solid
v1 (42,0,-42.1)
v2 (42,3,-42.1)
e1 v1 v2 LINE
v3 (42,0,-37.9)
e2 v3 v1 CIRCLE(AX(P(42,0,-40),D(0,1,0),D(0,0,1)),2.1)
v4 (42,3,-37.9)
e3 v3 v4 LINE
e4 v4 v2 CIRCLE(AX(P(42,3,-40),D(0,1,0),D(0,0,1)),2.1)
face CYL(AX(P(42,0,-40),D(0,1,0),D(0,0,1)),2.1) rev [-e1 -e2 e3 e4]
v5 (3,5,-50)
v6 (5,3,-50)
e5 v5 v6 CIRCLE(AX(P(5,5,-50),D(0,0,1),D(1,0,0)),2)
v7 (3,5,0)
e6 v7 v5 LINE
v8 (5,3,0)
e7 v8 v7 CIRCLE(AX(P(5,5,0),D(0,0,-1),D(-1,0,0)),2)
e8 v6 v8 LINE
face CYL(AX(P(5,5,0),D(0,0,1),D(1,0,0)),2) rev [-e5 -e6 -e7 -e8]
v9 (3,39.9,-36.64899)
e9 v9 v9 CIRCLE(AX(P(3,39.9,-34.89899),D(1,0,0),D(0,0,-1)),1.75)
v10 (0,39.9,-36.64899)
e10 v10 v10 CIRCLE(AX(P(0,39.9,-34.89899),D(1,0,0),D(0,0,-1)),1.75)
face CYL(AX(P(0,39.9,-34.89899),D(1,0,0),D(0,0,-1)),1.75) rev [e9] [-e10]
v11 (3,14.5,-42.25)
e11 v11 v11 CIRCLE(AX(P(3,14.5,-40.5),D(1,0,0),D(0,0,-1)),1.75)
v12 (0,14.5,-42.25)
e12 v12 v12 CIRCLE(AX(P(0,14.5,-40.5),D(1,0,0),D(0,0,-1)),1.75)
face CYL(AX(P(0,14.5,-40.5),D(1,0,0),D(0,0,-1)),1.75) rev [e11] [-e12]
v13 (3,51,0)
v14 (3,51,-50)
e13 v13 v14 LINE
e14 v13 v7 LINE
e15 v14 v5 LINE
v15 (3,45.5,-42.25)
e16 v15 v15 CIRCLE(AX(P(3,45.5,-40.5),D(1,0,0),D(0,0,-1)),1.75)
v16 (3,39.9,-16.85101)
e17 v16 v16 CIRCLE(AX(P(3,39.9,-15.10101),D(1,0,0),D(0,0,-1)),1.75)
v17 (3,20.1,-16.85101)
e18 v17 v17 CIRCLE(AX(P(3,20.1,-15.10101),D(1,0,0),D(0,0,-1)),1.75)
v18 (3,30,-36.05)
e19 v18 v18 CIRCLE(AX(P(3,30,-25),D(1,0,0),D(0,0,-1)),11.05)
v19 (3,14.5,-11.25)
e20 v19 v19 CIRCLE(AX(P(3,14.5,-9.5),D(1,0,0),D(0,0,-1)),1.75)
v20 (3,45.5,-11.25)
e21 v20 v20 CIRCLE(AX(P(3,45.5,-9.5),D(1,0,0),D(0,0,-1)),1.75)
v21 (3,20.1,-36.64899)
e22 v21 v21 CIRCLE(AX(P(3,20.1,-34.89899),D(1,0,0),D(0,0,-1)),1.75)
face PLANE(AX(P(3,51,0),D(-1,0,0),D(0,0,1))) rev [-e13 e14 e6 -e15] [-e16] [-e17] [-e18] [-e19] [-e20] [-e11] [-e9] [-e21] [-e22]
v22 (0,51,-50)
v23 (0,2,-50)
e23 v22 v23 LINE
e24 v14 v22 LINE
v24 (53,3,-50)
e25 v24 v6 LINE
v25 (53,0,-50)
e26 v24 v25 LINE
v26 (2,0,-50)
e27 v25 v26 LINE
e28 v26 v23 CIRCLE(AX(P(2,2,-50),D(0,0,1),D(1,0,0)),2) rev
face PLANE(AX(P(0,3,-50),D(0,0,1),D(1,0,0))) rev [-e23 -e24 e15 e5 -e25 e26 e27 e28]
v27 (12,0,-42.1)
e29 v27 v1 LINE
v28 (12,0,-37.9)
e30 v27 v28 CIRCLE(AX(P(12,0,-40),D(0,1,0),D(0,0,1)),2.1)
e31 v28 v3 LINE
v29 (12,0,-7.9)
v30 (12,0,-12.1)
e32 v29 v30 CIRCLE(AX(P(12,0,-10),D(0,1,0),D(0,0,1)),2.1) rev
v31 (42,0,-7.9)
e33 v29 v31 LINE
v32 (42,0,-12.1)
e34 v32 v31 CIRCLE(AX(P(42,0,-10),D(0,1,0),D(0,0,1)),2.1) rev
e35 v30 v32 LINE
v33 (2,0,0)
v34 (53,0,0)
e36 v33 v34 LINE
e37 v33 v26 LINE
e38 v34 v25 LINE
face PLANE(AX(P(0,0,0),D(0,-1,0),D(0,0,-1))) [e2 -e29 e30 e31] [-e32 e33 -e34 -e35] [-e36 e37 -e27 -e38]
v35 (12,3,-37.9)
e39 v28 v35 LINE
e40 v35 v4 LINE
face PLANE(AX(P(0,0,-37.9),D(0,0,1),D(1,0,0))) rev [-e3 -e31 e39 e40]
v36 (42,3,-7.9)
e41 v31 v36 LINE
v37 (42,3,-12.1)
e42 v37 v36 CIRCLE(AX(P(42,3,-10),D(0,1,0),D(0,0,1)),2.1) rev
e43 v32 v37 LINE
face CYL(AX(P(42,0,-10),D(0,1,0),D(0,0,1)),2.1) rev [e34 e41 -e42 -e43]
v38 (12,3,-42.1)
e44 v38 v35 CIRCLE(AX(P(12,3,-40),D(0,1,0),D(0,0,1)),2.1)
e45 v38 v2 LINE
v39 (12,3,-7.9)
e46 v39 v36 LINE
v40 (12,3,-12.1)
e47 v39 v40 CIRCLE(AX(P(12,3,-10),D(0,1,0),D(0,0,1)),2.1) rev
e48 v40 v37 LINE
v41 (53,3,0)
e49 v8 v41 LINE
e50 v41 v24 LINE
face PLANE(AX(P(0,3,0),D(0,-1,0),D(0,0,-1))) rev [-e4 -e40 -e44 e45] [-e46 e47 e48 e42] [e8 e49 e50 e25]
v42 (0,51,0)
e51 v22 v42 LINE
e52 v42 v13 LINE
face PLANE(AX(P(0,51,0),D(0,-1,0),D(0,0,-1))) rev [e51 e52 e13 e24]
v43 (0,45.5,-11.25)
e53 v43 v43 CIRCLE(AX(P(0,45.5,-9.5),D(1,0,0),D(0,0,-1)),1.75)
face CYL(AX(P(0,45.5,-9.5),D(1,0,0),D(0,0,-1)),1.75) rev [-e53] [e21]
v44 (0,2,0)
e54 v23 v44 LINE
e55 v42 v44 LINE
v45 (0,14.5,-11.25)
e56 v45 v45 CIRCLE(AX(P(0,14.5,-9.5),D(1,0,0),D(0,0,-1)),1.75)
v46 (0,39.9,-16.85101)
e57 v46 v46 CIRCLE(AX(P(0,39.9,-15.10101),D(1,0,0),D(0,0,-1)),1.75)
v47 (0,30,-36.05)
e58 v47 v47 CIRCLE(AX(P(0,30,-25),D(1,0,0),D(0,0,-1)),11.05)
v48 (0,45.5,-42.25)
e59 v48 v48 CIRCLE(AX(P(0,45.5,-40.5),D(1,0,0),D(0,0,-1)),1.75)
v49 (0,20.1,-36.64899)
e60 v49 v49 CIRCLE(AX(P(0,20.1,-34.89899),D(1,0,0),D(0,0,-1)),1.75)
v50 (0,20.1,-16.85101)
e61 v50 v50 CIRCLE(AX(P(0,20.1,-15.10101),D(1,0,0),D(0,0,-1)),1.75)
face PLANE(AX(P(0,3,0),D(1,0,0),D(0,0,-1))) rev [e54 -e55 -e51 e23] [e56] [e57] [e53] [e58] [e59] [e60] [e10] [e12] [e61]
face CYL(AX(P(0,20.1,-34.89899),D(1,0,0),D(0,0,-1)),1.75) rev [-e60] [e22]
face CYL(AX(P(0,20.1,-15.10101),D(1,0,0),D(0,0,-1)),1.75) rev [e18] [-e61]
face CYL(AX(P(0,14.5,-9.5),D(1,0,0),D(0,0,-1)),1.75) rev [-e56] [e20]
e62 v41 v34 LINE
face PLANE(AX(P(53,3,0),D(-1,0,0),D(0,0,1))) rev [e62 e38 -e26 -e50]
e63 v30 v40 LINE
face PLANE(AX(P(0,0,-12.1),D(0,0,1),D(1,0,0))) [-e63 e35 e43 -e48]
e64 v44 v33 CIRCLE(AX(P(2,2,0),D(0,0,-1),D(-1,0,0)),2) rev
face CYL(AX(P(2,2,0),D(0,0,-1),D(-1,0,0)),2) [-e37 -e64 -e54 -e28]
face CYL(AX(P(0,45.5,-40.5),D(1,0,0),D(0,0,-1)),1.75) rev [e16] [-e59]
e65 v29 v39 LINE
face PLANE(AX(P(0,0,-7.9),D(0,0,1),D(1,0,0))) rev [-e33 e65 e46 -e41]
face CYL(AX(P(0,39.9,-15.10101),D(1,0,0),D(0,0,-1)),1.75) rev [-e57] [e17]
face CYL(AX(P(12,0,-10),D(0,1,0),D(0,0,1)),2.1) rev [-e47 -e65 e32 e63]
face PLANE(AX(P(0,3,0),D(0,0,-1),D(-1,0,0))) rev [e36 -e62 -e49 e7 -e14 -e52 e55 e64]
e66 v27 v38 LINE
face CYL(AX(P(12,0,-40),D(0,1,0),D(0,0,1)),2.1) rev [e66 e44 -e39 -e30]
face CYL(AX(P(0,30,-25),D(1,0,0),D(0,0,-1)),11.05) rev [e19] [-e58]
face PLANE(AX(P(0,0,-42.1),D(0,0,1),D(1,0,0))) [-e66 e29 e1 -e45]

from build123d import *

# Parameters (mm, degrees)
SKETCH1_W           = 53
SKETCH1_H           = 50
BOSS_EXTRUDE1_DEPTH = 3
SKETCH2_W           = 3
SKETCH2_H           = 50
BOSS_EXTRUDE2_DEPTH = 48
CUT_EXTRUDE1_DEPTH  = 4
FILLET1_R           = 2
SKETCH4_R           = 1.75
SKETCH4_R_2         = 11.05
CUT_EXTRUDE2_DEPTH  = 4


with BuildPart() as part:
    # Sketch1 → Boss-Extrude1 (new body)
    with BuildSketch(Plane(origin=(0, 0, 0), x_dir=(1, 0, 0), z_dir=(0, 1, 0))):
        with Locations((26.5, 25)):
            Rectangle(SKETCH1_W, SKETCH1_H)
    extrude(amount=BOSS_EXTRUDE1_DEPTH)

    # Sketch2 → Boss-Extrude2 (add)
    with BuildSketch(Plane(origin=(0, 3, 0), x_dir=(1, 0, 0), z_dir=(0, 1, 0))):
        with Locations((1.5, 25)):
            Rectangle(SKETCH2_W, SKETCH2_H)
    extrude(amount=BOSS_EXTRUDE2_DEPTH)

    # Sketch3 → Cut-Extrude1 (cut, through all)
    with BuildSketch(Plane(origin=(0, 3, 0), x_dir=(1, 0, 0), z_dir=(0, 1, 0))):
        with BuildLine():
            Line((12, 37.9), (42, 37.9))
            ThreePointArc((42, 37.9), (44.1, 40), (42, 42.1))
            Line((42, 42.1), (12, 42.1))
            ThreePointArc((12, 42.1), (9.9, 40), (12, 37.9))
        make_face()
        with BuildLine():
            ThreePointArc((42, 12.1), (44.1, 10), (42, 7.9))
            Line((42, 7.9), (12, 7.9))
            ThreePointArc((12, 7.9), (9.9, 10), (12, 12.1))
            Line((12, 12.1), (42, 12.1))
        make_face()
    extrude(amount=-CUT_EXTRUDE1_DEPTH, mode=Mode.SUBTRACT)

    # Fillet1
    fillet1_edges = [part.edges().sort_by_distance(p)[0] for p in [
        (3, 3, -25),
        (0, 0, -25),
    ]]
    fillet(fillet1_edges, radius=FILLET1_R)

    # Sketch4 → Cut-Extrude2 (cut, through all)
    with BuildSketch(Plane(origin=(3, 0, 0), x_dir=(0, 0, -1), z_dir=(1, 0, 0))):
        with Locations((9.5, 45.5)):
            Circle(SKETCH4_R)
        with Locations((15.101010153, 39.9)):
            Circle(SKETCH4_R)
        with Locations((25, 30)):
            Circle(SKETCH4_R_2)
        with Locations((15.101010153, 20.1)):
            Circle(SKETCH4_R)
        with Locations((9.5, 14.5)):
            Circle(SKETCH4_R)
        with Locations((34.898989847, 20.1)):
            Circle(SKETCH4_R)
        with Locations((40.5, 14.5)):
            Circle(SKETCH4_R)
        with Locations((34.898989847, 39.9)):
            Circle(SKETCH4_R)
        with Locations((40.5, 45.5)):
            Circle(SKETCH4_R)
    extrude(amount=-CUT_EXTRUDE2_DEPTH, mode=Mode.SUBTRACT)


solid = part.part
